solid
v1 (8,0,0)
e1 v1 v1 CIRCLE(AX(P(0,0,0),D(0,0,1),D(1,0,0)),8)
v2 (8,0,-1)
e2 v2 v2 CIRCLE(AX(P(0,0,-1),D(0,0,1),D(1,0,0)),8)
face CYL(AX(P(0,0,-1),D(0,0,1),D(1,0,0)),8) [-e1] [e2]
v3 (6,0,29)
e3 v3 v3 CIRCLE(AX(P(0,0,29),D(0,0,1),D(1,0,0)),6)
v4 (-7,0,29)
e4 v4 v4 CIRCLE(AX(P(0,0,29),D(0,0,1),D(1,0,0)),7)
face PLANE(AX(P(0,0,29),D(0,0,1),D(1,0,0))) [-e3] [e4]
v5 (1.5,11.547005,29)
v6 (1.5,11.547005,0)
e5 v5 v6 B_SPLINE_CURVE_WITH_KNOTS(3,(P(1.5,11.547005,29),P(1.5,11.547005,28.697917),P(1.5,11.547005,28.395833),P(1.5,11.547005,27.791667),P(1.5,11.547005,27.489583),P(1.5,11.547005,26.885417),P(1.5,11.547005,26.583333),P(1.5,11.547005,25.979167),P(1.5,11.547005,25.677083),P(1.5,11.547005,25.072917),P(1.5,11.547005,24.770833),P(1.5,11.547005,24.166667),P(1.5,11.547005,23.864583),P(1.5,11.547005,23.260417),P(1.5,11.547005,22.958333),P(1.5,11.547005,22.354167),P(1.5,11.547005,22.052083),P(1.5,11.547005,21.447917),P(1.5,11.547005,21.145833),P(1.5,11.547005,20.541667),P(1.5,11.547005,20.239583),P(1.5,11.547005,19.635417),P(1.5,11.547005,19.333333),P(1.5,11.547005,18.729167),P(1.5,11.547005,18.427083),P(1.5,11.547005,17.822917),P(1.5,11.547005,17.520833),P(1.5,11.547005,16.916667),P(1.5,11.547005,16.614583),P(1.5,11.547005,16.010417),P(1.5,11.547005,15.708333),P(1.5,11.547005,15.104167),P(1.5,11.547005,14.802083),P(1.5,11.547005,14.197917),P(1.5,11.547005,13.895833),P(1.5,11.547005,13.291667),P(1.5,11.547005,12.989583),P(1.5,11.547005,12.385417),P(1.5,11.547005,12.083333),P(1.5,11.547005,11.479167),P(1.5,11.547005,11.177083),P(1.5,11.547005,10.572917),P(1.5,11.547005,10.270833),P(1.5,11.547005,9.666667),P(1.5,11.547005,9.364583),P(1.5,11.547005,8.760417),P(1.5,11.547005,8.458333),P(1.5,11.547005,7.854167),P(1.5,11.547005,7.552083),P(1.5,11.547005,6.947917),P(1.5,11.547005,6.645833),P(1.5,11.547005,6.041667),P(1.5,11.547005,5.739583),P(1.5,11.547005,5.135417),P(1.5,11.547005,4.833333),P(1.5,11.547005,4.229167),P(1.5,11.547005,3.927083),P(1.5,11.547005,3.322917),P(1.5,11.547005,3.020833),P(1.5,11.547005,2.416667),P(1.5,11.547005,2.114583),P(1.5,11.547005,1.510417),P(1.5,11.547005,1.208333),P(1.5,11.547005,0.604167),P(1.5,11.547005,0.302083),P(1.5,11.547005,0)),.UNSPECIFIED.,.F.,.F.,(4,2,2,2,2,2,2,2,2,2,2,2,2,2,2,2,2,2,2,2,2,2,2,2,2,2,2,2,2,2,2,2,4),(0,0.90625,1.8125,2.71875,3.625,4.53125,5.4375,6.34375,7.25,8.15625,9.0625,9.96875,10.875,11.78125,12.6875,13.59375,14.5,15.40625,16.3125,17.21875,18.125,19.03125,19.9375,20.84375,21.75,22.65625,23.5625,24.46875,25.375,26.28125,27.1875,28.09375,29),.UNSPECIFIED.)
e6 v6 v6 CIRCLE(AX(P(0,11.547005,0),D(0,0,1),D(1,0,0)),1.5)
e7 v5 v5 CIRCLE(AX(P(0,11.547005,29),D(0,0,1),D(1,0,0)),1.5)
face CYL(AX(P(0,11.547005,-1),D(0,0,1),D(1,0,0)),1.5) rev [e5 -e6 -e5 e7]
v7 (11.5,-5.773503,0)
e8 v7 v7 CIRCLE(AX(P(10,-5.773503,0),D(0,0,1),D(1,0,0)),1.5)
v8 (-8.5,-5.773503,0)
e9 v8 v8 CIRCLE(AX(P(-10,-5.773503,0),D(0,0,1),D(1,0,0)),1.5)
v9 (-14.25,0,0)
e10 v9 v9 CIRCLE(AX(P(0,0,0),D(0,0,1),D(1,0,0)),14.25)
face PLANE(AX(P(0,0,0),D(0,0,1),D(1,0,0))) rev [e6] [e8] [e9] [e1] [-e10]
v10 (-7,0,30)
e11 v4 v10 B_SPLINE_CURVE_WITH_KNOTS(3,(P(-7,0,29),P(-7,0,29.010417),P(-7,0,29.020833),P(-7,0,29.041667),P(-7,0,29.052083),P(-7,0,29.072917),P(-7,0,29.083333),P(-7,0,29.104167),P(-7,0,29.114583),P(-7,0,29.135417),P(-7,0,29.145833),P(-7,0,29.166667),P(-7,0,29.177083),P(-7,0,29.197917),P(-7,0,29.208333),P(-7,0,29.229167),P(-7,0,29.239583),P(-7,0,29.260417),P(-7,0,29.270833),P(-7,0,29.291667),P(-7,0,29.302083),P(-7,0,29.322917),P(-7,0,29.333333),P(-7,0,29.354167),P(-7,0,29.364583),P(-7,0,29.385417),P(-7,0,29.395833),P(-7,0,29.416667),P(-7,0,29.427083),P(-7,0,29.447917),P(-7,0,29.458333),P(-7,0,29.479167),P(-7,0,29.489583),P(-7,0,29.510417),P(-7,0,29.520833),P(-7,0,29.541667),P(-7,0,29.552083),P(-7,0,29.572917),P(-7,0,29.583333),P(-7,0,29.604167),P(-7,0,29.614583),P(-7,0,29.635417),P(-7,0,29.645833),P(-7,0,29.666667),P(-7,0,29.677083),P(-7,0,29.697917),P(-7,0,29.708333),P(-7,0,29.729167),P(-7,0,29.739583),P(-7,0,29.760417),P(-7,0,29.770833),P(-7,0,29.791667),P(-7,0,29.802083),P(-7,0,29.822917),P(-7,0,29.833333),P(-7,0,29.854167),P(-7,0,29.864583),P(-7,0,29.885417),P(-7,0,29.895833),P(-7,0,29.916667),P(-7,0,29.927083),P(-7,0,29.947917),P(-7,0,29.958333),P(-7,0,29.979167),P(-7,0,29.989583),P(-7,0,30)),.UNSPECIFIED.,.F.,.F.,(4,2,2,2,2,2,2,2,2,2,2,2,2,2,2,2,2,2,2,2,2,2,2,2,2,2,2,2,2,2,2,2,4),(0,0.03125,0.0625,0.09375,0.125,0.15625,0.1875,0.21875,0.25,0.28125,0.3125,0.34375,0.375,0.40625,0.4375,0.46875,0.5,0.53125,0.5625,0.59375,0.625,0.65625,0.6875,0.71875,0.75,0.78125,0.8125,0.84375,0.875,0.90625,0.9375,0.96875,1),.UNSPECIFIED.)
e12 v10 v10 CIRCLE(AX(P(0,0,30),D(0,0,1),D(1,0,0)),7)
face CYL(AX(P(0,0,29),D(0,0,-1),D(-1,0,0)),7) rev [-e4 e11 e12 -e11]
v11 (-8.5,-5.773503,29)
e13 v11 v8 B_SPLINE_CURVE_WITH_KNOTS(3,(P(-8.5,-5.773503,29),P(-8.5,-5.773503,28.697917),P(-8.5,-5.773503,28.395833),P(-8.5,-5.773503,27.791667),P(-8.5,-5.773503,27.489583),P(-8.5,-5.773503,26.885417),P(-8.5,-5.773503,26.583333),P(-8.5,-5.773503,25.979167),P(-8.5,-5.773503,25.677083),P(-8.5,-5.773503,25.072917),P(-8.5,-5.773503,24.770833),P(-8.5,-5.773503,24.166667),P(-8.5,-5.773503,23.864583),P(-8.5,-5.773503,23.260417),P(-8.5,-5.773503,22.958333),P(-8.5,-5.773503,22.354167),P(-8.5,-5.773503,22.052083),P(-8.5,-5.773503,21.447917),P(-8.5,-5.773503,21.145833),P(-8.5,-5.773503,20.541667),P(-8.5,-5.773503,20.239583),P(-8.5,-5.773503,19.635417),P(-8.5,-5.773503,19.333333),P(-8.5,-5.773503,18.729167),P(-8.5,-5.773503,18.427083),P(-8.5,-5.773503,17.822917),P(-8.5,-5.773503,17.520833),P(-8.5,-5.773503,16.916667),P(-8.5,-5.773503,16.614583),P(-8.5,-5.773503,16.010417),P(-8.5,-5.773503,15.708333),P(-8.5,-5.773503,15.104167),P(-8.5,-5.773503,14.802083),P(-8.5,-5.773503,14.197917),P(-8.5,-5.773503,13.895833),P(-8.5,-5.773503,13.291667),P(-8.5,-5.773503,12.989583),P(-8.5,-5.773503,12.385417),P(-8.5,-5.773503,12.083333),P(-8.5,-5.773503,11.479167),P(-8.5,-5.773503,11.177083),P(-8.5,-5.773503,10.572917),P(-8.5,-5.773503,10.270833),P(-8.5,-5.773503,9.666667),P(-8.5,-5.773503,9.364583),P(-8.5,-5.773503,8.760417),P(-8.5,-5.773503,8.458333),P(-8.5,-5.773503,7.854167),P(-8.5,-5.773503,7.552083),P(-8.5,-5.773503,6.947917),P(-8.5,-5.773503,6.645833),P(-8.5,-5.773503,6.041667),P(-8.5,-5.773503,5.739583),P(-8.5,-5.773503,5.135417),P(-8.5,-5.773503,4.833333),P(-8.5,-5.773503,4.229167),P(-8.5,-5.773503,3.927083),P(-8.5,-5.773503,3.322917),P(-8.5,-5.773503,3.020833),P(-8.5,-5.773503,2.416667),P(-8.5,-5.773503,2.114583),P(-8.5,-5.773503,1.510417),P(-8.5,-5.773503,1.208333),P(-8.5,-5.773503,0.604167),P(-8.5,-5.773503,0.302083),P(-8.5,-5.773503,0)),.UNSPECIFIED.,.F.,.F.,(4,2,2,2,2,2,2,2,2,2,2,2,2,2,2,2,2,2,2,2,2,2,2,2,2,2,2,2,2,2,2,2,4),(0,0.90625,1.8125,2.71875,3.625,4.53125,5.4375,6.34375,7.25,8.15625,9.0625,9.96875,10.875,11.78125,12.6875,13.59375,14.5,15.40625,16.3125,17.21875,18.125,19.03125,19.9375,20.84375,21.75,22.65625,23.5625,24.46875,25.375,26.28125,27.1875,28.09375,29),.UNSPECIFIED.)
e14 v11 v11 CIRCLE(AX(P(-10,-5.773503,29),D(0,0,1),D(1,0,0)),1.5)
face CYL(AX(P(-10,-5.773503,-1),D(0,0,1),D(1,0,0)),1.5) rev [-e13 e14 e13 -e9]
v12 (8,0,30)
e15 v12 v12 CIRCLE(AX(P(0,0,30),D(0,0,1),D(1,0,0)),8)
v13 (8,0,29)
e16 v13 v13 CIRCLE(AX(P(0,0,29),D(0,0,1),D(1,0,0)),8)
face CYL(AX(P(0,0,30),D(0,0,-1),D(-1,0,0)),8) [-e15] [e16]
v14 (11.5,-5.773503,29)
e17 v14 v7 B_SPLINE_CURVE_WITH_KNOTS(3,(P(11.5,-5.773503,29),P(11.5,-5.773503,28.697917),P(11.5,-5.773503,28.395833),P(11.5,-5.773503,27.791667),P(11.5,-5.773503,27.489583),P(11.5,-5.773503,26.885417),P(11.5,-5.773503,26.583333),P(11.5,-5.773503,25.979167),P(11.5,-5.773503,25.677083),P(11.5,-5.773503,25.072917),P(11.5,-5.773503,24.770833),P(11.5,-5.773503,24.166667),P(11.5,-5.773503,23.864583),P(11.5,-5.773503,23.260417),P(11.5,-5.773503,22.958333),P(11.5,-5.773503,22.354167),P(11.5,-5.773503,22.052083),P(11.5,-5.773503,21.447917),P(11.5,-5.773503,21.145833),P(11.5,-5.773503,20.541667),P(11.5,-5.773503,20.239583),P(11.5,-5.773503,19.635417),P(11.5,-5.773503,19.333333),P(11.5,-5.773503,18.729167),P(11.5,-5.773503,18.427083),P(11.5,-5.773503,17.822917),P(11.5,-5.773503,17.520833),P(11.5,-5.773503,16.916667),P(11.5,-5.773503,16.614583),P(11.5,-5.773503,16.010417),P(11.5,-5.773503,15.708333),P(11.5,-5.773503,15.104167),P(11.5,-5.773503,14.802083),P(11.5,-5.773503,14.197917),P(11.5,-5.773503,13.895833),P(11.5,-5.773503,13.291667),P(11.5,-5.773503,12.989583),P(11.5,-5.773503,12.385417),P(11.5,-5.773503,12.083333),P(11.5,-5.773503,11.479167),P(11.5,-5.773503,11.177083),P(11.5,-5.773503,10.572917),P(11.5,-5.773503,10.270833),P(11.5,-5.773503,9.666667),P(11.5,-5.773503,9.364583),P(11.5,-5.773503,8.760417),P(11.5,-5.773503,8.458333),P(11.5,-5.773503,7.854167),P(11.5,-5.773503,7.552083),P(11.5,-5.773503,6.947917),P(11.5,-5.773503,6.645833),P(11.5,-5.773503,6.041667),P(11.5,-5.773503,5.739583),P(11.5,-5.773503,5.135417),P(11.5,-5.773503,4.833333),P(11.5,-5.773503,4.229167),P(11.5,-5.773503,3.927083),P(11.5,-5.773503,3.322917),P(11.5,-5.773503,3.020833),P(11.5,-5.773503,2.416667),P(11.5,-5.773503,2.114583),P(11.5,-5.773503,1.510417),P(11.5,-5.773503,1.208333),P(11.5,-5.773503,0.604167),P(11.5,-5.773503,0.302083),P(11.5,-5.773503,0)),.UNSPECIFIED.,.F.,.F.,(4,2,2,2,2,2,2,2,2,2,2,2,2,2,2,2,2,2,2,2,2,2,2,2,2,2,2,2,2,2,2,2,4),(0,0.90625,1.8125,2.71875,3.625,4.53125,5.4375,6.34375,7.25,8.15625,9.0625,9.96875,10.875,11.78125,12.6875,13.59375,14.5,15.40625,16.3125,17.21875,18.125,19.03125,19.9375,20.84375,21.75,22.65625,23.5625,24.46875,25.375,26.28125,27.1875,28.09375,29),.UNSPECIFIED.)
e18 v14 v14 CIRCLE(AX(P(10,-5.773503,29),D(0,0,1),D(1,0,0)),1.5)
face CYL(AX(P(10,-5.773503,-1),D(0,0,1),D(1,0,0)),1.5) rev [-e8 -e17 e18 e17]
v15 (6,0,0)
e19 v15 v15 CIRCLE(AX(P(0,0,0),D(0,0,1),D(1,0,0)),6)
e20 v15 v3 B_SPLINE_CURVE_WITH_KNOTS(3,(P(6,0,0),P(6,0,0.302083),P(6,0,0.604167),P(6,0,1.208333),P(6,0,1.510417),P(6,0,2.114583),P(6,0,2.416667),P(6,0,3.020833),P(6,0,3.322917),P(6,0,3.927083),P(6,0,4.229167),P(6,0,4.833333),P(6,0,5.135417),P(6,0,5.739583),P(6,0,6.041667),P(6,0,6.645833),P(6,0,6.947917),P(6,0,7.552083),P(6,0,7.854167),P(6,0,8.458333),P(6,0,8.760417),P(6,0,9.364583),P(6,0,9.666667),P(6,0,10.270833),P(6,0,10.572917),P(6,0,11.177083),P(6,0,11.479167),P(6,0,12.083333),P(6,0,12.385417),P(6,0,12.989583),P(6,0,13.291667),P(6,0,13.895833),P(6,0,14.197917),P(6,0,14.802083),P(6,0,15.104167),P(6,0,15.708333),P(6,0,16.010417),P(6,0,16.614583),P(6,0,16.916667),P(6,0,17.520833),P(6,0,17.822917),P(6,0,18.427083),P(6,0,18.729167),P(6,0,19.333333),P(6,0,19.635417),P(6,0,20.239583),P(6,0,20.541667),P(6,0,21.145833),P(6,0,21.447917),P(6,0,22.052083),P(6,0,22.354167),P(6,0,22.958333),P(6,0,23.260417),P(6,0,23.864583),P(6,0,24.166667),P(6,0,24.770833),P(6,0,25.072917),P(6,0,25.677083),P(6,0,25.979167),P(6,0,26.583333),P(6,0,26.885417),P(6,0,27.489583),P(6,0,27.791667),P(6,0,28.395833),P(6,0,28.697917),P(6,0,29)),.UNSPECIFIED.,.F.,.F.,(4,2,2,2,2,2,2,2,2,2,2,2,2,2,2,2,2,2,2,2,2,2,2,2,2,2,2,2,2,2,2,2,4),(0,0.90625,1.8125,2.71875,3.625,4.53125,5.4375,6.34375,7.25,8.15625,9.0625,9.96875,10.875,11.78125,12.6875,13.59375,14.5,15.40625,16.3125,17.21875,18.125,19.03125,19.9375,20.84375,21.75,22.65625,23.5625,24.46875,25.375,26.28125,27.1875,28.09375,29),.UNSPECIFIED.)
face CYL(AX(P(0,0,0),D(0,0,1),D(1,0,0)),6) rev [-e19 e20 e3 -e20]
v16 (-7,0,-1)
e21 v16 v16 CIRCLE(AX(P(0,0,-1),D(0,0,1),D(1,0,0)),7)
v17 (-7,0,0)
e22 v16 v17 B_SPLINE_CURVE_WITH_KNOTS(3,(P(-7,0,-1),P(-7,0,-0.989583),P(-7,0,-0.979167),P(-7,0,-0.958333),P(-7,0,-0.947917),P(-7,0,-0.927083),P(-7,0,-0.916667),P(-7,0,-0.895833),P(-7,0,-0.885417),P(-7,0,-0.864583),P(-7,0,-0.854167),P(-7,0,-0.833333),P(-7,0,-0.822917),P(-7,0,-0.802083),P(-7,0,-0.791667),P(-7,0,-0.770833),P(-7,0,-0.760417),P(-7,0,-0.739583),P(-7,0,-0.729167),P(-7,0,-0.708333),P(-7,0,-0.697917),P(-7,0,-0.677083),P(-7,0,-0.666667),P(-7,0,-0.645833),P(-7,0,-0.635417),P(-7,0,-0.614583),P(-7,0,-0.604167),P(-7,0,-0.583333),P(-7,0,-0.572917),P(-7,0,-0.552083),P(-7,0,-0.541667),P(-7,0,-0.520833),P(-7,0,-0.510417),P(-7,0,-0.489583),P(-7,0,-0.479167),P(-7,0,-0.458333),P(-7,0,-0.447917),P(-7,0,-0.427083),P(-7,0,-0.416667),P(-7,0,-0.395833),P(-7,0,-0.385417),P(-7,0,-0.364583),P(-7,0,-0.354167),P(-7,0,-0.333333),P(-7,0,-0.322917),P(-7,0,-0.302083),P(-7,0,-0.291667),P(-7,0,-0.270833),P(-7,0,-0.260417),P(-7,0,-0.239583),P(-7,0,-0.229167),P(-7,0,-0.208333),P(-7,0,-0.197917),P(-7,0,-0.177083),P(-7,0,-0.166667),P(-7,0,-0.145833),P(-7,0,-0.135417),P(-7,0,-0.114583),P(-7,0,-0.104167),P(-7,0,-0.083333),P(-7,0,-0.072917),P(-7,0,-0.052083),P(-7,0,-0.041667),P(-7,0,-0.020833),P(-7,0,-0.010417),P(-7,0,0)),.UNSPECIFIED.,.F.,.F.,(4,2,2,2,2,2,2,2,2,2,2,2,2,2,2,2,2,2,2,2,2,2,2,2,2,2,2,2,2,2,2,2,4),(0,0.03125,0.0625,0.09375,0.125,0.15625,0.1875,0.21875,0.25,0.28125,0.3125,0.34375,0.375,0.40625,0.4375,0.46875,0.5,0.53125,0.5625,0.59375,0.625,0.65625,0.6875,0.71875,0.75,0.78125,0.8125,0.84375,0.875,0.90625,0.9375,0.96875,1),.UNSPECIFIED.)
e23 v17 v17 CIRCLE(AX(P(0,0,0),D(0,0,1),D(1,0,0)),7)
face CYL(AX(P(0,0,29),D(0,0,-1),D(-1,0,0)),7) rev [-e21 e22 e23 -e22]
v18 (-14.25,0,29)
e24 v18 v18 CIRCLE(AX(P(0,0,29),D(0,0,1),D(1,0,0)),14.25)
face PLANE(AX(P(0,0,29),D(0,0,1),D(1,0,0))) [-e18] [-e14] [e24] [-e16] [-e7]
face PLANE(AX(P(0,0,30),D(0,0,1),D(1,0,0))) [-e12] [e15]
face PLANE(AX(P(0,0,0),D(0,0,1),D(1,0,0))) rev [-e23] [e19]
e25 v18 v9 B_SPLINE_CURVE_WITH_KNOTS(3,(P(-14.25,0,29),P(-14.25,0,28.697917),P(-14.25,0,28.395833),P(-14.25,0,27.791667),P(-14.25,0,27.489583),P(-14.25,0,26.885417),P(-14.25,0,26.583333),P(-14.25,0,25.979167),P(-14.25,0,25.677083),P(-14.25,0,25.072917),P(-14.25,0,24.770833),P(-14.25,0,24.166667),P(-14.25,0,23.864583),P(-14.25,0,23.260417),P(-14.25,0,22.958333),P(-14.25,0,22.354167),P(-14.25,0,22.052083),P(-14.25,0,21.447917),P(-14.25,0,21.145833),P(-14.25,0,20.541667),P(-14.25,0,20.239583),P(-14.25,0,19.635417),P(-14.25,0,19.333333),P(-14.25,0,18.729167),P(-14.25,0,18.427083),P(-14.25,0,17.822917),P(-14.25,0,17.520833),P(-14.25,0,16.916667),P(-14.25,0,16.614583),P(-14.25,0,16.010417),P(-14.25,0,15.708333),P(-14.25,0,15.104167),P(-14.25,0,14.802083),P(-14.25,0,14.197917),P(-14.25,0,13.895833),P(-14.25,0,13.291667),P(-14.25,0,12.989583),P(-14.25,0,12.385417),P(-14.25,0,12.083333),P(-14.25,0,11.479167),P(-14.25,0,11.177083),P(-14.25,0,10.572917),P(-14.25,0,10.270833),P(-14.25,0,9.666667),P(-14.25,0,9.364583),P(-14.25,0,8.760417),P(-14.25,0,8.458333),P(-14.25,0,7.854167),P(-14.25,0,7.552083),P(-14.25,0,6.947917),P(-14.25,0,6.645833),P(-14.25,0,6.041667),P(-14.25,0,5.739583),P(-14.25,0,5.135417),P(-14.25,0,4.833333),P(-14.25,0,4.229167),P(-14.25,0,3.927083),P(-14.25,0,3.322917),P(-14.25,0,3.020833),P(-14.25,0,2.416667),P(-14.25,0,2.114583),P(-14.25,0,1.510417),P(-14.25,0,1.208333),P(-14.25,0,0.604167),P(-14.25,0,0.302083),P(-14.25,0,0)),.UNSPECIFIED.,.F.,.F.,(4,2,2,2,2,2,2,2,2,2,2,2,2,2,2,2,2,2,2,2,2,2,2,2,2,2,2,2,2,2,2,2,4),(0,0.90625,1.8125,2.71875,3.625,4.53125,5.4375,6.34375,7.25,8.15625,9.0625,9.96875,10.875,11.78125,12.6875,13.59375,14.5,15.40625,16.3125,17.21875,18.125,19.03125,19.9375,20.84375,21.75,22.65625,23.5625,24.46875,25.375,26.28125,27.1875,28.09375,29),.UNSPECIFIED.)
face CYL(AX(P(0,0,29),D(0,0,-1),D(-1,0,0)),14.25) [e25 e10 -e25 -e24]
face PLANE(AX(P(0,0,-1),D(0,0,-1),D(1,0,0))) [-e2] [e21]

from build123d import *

# Parameters (mm, degrees)
SKETCH1_R           = 14.25
SKETCH1_R_2         = 7
BOSS_EXTRUDE1_DEPTH = 29
SKETCH2_R           = 8
SKETCH2_R_2         = 7
BOSS_EXTRUDE2_DEPTH = 1
SKETCH3_R           = 1.5
CUT_EXTRUDE1_DEPTH  = 37.140351409
SKETCH4_R           = 7
SKETCH4_R_2         = 6
BOSS_EXTRUDE3_DEPTH = 29


with BuildPart() as part:
    # Sketch1 → Boss-Extrude1 (new body)
    with BuildSketch(Plane.XY):
        with Locations(Location((0, 0, 0), (0, 0, 180))):
            Circle(SKETCH1_R)
        with Locations(Location((0, 0, 0), (0, 0, 180))):
            Circle(SKETCH1_R_2, mode=Mode.SUBTRACT)
    extrude(amount=BOSS_EXTRUDE1_DEPTH)

    # Sketch2 → Boss-Extrude2 (add)
    with BuildSketch(Plane.XY.offset(29)):
        Circle(SKETCH2_R)
        with Locations(Location((0, 0, 0), (0, 0, 180))):
            Circle(SKETCH2_R_2, mode=Mode.SUBTRACT)
    boss_extrude2 = extrude(amount=BOSS_EXTRUDE2_DEPTH)

    # Mirror1: Boss-Extrude2 across plane
    add(boss_extrude2.mirror(Plane.XY.offset(14.5)))

    # Sketch3 → Cut-Extrude1 (cut, through all)
    with BuildSketch(Plane.XY.offset(29)):
        with Locations((0, 11.547005384)):
            Circle(SKETCH3_R)
        with Locations((10, -5.773502692)):
            Circle(SKETCH3_R)
        with Locations((-10, -5.773502692)):
            Circle(SKETCH3_R)
    extrude(amount=-CUT_EXTRUDE1_DEPTH, mode=Mode.SUBTRACT)

    # Sketch4 → Boss-Extrude3 (add)
    with BuildSketch(Plane.XY.offset(29)):
        with Locations(Location((0, 0, 0), (0, 0, 180))):
            Circle(SKETCH4_R)
        Circle(SKETCH4_R_2, mode=Mode.SUBTRACT)
    extrude(amount=-BOSS_EXTRUDE3_DEPTH)


solid = part.part
